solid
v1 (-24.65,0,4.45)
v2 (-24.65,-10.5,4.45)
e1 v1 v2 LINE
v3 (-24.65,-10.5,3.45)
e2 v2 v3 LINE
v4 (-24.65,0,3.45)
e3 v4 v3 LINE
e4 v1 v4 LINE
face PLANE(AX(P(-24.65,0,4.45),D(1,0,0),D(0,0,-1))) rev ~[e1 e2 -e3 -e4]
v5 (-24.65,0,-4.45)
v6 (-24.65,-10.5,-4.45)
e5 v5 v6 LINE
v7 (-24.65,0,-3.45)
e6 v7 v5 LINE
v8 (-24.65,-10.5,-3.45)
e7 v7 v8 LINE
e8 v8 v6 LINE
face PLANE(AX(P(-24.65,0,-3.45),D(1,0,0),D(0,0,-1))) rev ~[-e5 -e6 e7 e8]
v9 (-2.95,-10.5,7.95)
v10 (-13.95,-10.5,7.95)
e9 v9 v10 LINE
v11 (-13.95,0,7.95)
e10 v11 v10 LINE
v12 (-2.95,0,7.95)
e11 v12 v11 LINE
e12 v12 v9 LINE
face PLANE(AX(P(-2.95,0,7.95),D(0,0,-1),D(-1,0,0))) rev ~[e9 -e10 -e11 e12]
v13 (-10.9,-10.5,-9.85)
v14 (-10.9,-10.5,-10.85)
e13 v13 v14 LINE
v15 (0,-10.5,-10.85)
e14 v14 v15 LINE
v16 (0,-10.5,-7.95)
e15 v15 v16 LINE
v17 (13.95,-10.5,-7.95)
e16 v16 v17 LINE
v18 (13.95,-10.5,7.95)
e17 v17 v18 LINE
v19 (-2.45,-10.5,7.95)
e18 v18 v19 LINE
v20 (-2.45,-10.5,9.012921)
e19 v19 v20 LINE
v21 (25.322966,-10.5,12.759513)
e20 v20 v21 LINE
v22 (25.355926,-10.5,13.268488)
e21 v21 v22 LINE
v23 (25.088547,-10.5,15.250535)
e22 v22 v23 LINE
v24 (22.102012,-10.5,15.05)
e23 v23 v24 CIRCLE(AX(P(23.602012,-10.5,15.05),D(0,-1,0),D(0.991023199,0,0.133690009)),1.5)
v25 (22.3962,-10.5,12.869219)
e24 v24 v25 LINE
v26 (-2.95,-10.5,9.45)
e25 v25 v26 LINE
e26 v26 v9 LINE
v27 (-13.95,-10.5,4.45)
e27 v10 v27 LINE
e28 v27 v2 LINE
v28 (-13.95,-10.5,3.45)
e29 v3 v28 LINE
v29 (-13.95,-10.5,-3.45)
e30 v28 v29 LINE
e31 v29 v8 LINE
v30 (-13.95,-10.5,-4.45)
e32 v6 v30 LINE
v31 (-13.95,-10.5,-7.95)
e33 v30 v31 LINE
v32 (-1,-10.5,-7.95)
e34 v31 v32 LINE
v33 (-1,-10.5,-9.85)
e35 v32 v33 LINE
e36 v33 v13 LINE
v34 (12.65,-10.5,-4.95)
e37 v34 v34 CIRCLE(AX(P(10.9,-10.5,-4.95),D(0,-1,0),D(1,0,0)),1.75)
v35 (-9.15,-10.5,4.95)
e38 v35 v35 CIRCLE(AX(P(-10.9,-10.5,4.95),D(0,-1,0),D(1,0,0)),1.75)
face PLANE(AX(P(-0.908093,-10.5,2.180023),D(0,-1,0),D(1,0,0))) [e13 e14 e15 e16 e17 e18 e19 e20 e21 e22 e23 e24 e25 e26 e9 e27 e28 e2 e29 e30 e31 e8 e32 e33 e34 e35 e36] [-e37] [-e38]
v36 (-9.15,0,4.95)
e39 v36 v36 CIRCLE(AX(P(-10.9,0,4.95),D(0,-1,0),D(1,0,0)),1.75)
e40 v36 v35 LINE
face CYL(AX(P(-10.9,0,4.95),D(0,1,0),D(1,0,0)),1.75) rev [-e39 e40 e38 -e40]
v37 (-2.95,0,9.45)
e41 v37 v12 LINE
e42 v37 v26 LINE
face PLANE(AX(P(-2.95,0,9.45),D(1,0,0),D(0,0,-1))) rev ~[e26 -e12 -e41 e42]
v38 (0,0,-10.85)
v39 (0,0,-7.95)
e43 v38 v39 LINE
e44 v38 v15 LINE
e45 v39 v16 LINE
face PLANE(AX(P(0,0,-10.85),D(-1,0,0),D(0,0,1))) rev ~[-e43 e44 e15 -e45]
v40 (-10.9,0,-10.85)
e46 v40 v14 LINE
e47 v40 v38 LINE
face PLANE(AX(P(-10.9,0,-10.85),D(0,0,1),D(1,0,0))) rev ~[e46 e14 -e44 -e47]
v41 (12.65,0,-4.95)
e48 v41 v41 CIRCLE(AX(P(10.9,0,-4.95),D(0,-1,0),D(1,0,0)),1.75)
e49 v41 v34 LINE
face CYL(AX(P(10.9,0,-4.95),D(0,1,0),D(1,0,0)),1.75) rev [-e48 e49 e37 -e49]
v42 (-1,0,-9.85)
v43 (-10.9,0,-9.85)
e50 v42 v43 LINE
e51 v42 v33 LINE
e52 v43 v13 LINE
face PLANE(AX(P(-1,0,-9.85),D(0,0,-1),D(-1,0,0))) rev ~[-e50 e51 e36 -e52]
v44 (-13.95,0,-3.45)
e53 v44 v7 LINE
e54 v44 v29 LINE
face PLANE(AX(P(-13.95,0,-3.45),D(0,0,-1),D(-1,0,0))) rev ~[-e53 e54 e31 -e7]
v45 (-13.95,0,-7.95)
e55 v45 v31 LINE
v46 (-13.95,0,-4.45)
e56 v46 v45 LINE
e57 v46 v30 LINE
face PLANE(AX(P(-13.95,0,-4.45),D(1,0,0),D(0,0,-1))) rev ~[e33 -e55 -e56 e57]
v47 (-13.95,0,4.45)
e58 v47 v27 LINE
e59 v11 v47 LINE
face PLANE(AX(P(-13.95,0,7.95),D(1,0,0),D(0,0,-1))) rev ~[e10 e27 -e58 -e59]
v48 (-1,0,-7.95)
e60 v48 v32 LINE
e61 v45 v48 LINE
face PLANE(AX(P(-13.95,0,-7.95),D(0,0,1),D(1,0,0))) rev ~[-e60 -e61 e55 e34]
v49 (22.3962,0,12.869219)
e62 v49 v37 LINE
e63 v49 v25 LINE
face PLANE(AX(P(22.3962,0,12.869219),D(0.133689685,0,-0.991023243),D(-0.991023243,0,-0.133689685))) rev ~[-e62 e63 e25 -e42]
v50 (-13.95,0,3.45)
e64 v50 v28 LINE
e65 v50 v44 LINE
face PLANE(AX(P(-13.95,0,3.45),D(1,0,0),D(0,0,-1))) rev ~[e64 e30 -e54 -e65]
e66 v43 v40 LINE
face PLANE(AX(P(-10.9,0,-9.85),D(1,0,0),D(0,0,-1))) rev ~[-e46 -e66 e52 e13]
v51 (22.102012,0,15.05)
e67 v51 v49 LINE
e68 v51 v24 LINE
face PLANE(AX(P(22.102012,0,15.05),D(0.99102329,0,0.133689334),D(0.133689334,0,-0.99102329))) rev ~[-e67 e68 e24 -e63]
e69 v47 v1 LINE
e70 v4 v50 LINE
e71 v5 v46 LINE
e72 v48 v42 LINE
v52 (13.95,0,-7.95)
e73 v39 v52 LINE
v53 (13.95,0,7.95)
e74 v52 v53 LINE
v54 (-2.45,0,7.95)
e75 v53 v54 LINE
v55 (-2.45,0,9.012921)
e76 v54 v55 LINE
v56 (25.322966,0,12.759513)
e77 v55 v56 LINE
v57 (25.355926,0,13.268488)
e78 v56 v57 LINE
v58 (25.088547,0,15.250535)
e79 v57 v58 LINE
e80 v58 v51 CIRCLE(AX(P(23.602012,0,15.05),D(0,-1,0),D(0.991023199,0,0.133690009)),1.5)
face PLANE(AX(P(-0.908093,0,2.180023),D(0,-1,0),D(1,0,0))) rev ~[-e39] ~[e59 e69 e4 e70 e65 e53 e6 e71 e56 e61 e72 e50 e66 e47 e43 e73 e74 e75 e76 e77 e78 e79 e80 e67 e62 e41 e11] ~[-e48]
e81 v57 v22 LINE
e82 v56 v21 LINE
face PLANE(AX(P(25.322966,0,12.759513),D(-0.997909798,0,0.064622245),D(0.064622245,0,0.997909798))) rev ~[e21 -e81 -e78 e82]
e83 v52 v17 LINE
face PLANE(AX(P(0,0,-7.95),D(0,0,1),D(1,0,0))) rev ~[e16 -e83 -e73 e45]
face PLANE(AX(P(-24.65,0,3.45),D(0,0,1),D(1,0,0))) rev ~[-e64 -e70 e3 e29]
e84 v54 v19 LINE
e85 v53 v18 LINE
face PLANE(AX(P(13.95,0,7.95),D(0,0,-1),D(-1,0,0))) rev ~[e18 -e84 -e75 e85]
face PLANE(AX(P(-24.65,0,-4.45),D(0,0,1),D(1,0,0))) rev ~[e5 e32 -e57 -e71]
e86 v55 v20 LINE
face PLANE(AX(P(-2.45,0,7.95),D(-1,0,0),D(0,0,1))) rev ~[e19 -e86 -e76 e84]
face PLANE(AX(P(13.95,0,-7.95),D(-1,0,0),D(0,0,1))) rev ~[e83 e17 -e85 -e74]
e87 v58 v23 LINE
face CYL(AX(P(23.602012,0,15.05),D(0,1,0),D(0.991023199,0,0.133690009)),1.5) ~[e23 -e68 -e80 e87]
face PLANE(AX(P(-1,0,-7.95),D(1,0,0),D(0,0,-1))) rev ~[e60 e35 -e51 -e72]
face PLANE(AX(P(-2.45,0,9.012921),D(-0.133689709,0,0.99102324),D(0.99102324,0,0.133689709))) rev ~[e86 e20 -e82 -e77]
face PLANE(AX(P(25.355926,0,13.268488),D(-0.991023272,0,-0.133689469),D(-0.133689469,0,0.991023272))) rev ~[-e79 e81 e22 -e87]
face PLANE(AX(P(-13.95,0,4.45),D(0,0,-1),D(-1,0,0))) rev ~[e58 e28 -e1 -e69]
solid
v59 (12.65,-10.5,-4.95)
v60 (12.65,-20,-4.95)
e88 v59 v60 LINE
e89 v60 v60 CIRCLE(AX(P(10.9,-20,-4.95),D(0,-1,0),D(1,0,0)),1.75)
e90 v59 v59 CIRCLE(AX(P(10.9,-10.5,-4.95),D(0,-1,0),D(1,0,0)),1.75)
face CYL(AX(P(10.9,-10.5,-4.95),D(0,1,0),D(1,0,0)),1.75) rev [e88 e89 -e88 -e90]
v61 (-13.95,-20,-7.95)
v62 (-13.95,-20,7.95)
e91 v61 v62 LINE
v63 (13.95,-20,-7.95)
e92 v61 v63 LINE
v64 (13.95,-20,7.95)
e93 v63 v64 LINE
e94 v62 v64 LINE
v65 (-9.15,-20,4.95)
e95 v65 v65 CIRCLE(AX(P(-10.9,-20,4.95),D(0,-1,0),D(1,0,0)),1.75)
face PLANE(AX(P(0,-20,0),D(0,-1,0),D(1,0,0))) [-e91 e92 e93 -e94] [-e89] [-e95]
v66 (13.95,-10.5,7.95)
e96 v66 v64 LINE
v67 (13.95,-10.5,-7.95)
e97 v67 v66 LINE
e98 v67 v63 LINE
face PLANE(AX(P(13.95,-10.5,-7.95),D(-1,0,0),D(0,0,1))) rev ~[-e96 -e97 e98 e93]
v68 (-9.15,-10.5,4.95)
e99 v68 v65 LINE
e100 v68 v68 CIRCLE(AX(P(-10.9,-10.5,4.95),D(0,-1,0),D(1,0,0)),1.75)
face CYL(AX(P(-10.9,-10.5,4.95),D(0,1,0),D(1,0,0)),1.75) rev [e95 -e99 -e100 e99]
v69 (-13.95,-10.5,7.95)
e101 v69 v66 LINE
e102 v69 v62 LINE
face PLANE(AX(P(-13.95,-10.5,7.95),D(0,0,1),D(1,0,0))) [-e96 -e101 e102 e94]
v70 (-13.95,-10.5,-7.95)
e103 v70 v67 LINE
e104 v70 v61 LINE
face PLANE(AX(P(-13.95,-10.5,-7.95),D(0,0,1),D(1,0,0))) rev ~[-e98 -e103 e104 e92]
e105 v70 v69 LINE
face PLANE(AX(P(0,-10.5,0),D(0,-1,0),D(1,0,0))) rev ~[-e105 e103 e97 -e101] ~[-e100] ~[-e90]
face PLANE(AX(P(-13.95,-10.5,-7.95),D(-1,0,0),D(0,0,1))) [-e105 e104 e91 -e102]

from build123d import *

# Parameters (mm, degrees)
F0_R     = 1.75
F1_DEPTH = 10.5
F2_W     = 27.9
F2_H     = 15.9
F2_R     = 1.75
F3_DEPTH = 9.5


with BuildPart() as f1:
    # F0 (on Front) → F1 (new body)
    with BuildSketch(Plane.XZ):
        with BuildLine():
            Line((0, -7.95), (13.95, -7.95))
            Line((13.95, -7.95), (13.95, 7.95))
            Line((13.95, 7.95), (-2.45, 7.95))
            Line((-2.45, 7.95), (-2.45, 9.012921))
            Line((-2.45, 9.012921), (25.322966, 12.759513))
            Line((25.322966, 12.759513), (25.355926, 13.268488))
            Line((25.355926, 13.268488), (25.088547, 15.250535))
            ThreePointArc((25.088547, 15.250535), (23.501519, 16.54663), (22.102012, 15.05))
            Line((22.102012, 15.05), (22.3962, 12.869219))
            Line((22.3962, 12.869219), (-2.95, 9.45))
            Line((-2.95, 9.45), (-2.95, 7.95))
            Line((-2.95, 7.95), (-13.95, 7.95))
            Line((-13.95, 7.95), (-13.95, 4.45))
            Line((-13.95, 4.45), (-24.65, 4.45))
            Line((-24.65, 4.45), (-24.65, 3.45))
            Line((-24.65, 3.45), (-13.95, 3.45))
            Line((-13.95, 3.45), (-13.95, -3.45))
            Line((-13.95, -3.45), (-24.65, -3.45))
            Line((-24.65, -3.45), (-24.65, -4.45))
            Line((-24.65, -4.45), (-13.95, -4.45))
            Line((-13.95, -4.45), (-13.95, -7.95))
            Line((-13.95, -7.95), (-1, -7.95))
            Line((-1, -7.95), (-1, -9.85))
            Line((-1, -9.85), (-10.9, -9.85))
            Line((-10.9, -9.85), (-10.9, -10.85))
            Line((-10.9, -10.85), (-1, -10.85))
            Line((-1, -10.85), (0, -10.85))
            Line((0, -10.85), (0, -7.95))
        make_face()
        with Locations((10.9, -4.95)):
            Circle(F0_R, mode=Mode.SUBTRACT)
        with Locations((-10.9, 4.95)):
            Circle(F0_R, mode=Mode.SUBTRACT)
    extrude(amount=F1_DEPTH)


with BuildPart() as f3:
    # F2 (on face) → F3 (new body)
    with BuildSketch(Plane.XZ.offset(10.5)):
        Rectangle(F2_W, F2_H)
        with Locations((10.9, -4.95)):
            Circle(F2_R, mode=Mode.SUBTRACT)
        with Locations((-10.9, 4.95)):
            Circle(F2_R, mode=Mode.SUBTRACT)
    extrude(amount=F3_DEPTH)


solid = Compound([f1.part, f3.part])
